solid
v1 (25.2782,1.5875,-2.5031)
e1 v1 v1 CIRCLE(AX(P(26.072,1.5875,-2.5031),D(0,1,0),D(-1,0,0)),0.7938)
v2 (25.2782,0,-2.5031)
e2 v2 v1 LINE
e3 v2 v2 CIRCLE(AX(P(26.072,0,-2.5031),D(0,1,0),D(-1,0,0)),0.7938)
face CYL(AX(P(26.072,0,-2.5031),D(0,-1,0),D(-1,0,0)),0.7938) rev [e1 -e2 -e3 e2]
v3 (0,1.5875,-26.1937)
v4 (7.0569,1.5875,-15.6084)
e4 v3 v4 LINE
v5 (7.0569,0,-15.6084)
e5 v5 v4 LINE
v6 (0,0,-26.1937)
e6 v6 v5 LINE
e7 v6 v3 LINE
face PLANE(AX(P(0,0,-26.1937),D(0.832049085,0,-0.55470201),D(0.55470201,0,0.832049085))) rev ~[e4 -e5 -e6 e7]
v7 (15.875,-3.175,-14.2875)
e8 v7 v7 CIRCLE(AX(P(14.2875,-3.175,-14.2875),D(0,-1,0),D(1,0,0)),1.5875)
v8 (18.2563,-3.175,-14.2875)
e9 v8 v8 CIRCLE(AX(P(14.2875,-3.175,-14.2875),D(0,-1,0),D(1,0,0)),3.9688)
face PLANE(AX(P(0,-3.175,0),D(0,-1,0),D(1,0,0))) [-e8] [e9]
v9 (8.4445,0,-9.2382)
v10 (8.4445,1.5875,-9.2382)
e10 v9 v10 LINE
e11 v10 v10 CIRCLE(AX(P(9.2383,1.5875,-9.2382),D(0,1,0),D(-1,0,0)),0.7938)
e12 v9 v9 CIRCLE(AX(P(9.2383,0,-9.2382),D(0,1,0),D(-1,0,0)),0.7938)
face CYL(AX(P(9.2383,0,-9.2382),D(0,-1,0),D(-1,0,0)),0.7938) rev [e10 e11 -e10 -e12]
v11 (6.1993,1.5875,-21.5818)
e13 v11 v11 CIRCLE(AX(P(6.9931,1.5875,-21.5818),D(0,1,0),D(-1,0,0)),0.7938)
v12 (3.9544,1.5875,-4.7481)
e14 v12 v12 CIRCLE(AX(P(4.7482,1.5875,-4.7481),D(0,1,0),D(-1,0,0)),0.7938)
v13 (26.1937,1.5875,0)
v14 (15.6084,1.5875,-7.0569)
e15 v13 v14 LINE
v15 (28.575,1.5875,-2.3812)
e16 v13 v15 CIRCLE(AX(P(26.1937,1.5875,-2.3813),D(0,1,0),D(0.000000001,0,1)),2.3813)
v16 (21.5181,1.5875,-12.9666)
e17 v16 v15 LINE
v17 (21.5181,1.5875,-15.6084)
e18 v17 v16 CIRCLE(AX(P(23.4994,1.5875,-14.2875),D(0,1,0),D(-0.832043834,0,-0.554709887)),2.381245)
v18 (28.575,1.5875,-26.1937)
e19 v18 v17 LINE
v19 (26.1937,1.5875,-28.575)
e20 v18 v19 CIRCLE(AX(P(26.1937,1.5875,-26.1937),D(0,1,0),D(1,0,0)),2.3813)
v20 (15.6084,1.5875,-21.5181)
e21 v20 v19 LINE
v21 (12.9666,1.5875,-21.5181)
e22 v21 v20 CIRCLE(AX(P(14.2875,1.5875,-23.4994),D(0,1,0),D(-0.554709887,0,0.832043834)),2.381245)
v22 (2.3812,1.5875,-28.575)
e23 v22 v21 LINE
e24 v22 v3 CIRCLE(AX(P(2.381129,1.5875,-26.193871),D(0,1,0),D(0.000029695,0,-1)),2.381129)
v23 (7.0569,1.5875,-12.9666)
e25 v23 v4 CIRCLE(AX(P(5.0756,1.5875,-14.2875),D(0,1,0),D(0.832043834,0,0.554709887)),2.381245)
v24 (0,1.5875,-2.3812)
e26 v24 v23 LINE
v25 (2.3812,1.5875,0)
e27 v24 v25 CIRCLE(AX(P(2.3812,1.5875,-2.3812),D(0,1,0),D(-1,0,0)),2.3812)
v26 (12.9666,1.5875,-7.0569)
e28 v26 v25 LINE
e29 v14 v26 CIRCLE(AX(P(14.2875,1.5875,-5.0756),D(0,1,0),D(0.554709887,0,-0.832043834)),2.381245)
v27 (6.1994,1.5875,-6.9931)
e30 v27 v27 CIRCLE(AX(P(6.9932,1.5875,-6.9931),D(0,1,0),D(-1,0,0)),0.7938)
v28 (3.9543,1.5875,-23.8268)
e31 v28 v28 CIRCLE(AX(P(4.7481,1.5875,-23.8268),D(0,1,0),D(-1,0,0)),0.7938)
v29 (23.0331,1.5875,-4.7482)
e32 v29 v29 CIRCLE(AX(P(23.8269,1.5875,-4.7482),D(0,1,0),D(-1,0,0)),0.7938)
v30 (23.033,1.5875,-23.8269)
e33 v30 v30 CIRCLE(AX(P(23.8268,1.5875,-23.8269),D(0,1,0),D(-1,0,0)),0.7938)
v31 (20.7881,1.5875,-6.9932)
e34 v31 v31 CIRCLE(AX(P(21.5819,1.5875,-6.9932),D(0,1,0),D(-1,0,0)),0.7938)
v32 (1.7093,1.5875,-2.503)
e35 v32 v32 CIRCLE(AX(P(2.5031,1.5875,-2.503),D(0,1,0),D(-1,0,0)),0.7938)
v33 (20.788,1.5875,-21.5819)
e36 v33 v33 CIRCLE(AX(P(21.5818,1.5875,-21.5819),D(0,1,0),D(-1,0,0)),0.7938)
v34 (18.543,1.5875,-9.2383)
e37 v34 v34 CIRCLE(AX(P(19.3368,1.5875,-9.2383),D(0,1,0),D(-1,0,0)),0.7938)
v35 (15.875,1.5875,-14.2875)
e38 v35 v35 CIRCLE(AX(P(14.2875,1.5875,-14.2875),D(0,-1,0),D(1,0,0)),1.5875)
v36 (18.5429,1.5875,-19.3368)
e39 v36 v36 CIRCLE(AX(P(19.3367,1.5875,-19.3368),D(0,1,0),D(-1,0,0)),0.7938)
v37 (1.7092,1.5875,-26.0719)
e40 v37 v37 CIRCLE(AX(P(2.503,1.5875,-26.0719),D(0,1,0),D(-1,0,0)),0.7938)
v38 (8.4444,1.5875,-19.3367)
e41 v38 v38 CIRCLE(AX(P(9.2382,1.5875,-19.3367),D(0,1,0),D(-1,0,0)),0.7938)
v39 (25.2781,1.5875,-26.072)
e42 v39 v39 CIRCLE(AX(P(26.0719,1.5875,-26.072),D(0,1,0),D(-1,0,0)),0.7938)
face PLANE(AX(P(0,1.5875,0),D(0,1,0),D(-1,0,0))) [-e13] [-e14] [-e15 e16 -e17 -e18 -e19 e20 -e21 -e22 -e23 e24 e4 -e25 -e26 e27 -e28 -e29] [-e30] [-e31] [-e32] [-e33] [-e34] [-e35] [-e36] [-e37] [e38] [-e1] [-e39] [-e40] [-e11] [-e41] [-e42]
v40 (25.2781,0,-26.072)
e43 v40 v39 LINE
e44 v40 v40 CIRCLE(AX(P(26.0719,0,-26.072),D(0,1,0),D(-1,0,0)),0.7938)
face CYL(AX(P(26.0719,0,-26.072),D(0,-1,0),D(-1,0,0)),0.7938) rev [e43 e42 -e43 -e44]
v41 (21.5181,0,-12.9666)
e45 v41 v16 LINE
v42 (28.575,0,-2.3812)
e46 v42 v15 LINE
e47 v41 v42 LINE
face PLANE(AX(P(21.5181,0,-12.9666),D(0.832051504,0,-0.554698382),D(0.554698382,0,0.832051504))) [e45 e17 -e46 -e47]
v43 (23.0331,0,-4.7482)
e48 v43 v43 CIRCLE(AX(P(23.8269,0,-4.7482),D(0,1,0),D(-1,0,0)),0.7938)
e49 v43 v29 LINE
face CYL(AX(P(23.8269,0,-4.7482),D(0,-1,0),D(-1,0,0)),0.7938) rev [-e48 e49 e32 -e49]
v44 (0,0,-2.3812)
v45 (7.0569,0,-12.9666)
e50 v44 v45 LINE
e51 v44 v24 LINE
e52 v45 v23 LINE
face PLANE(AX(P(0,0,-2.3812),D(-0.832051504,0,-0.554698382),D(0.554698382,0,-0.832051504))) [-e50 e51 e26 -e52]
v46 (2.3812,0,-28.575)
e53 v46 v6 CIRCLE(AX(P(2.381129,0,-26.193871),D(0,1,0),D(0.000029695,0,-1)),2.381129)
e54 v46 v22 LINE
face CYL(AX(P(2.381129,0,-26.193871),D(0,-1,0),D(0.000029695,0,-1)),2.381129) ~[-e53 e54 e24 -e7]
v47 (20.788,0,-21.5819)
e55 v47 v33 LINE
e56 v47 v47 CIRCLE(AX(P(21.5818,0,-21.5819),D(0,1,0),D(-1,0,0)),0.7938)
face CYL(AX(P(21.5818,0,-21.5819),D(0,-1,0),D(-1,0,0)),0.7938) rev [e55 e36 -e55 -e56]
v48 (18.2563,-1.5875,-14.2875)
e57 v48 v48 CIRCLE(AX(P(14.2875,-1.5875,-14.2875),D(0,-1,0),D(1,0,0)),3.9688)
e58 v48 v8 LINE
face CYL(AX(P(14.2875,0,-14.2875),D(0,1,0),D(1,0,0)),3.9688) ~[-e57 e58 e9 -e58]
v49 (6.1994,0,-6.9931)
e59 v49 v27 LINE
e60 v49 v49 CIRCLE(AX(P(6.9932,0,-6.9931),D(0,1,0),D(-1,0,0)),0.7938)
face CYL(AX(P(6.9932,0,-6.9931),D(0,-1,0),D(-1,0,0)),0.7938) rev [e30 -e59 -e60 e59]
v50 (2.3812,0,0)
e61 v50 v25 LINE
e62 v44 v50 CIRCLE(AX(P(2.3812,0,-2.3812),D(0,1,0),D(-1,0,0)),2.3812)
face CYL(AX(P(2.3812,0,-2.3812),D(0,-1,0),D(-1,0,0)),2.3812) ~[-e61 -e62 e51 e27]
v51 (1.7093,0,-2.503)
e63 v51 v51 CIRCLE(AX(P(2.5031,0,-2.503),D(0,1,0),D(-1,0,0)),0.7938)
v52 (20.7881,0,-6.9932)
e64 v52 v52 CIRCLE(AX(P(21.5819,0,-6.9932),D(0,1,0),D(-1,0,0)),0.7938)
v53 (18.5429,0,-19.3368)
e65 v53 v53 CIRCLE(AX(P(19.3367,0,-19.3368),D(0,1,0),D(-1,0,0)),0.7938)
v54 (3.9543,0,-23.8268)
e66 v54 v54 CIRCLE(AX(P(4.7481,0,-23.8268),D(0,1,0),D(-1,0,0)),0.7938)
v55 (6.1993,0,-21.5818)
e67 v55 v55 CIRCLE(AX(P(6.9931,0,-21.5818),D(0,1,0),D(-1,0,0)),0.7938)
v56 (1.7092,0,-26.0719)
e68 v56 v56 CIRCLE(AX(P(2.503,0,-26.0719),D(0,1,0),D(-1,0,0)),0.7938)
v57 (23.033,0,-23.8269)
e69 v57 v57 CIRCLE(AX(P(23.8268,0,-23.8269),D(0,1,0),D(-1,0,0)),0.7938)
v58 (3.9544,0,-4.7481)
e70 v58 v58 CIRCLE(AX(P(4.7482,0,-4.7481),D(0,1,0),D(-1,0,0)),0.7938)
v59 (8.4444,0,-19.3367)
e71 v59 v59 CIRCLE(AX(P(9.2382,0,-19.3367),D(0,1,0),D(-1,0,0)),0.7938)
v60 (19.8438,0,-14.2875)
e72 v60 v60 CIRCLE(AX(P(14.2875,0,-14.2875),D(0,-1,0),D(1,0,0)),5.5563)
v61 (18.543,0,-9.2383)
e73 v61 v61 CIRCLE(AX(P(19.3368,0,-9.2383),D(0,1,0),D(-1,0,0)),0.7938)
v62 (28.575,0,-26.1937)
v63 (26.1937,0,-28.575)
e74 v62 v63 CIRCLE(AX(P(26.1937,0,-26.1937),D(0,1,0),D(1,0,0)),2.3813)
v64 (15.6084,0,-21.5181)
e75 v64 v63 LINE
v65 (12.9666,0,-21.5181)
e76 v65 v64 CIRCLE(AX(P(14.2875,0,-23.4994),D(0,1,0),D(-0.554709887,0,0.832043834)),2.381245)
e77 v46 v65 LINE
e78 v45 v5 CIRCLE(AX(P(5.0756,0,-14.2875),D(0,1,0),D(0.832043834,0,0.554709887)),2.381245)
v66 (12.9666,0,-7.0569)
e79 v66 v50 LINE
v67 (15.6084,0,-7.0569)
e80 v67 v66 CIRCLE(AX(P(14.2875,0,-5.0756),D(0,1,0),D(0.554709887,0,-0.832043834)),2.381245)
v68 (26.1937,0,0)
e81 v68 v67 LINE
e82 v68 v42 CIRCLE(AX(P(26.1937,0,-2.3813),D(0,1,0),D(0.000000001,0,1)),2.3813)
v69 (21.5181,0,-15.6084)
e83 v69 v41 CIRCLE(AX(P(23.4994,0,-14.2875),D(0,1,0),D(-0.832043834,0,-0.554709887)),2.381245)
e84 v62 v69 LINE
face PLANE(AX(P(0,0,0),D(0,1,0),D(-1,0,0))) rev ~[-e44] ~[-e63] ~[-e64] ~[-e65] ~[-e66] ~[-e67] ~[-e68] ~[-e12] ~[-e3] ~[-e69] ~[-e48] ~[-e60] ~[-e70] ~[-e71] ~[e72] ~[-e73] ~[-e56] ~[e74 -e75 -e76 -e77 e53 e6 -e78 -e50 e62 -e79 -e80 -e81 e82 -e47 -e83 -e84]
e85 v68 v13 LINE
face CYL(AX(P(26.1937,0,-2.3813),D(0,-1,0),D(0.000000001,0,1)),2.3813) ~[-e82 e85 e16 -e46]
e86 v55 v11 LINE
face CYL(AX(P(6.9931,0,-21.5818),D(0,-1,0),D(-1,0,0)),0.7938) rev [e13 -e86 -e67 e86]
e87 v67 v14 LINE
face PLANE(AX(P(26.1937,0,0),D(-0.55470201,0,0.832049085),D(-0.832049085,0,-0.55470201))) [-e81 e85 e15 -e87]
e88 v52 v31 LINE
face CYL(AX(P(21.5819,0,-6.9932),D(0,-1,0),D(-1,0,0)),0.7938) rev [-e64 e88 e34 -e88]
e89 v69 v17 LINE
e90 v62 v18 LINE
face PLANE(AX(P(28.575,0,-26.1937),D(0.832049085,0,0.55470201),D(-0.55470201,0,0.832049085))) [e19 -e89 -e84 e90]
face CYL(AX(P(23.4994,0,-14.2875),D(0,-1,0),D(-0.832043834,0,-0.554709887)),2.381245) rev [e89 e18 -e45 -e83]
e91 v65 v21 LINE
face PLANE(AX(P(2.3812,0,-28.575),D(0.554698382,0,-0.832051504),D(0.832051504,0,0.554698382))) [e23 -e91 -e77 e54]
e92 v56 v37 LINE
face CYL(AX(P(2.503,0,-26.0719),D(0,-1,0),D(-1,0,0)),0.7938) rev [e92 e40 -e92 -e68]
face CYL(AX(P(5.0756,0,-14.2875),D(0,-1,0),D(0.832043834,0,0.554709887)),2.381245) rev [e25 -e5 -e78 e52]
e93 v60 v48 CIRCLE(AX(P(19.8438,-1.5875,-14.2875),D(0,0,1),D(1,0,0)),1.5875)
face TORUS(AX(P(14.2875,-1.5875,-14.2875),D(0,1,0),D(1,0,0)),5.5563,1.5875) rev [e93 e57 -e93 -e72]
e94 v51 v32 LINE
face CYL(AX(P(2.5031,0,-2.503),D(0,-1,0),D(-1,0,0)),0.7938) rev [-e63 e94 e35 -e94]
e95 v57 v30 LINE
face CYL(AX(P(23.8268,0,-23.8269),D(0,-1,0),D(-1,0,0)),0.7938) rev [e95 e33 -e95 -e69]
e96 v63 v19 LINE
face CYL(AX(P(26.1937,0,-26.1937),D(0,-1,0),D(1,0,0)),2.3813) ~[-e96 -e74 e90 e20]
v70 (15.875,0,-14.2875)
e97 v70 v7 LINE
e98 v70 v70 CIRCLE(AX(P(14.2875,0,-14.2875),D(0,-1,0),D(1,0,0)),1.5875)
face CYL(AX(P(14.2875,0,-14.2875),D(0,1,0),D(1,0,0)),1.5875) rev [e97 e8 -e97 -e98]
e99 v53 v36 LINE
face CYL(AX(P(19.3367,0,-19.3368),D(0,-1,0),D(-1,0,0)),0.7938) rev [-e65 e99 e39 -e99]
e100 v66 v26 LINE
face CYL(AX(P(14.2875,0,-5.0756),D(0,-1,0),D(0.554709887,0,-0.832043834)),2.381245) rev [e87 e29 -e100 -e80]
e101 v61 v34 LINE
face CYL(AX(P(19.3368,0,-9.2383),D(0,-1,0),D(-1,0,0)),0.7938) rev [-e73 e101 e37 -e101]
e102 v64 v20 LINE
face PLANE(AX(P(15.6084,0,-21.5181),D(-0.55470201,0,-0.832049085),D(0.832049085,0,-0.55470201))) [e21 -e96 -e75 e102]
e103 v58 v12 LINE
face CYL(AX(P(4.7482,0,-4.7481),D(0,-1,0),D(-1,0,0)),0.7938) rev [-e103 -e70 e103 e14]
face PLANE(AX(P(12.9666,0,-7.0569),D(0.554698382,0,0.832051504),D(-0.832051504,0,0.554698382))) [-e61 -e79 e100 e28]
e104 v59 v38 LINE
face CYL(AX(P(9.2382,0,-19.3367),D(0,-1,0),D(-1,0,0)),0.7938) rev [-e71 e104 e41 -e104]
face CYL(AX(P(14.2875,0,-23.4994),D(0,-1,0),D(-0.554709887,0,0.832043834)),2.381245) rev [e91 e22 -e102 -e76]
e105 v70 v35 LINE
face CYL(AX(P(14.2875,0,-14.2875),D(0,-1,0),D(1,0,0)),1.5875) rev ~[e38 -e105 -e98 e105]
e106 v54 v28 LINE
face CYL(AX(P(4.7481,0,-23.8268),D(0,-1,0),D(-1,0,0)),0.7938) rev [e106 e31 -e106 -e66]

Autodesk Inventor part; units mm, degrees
ref_plane "YZ Plane" through (0, 0, 0) normal (1, 0, 0) x (0, 1, 0)
ref_plane "XZ Plane" through (0, 0, 0) normal (0, 1, 0) x (-1, 0, 0)
ref_plane "XY Plane" through (0, 0, 0) normal (0, 0, 1) x (1, 0, 0)
sketch "Sketch2" plane through (0, 0, 0) normal (0, 1, 0) x (-1, 0, 0)
  line L0 (-2.3812, 0) -> (-26.1937, 0) construction
  line L1 (-28.575, -2.3812) -> (-28.575, -26.1937) construction
  line L2 (-26.1937, -28.575) -> (-2.3812, -28.575) construction
  line L3 (0, -26.1937) -> (0, -2.3812) construction
  line L4 (-27.8023, -27.8024) -> (0.7727, 0.7726) construction
  line L5 (0, -28.575) -> (-28.575, 0) construction
  circle A0 centre (-14.2875, -14.2875) radius 6.35 construction
  line L6 (-14.2875, -28.575) -> (-14.2875, 0) construction
  line L7 (0, -14.2875) -> (-28.575, -14.2875) construction
  arc A1 (-2.3812, -28.575) -> (0, -26.1937) centre (-2.3812, -26.1937) ccw
  line L8 (0, -26.1937) -> (-7.0569, -15.6084)
  line L9 (-2.3812, -28.575) -> (-12.9666, -21.5181)
  arc A2 (-28.575, -26.1937) -> (-26.1937, -28.575) centre (-26.1937, -26.1937) ccw
  arc A3 (-26.1937, 0) -> (-28.575, -2.3812) centre (-26.1937, -2.3813) ccw
  arc A4 (0, -2.3812) -> (-2.3812, 0) centre (-2.3812, -2.3812) ccw
  line L10 (-15.6084, -21.5181) -> (-26.1937, -28.575)
  line L11 (-28.575, -26.1937) -> (-21.5181, -15.6084)
  line L12 (-21.5181, -12.9666) -> (-28.575, -2.3812)
  line L13 (-26.1937, 0) -> (-15.6084, -7.0569)
  line L14 (-12.9666, -7.0569) -> (-2.3812, 0)
  line L15 (0, -2.3812) -> (-7.0569, -12.9666)
  arc A5 (-12.9666, -21.5181) -> (-15.6084, -21.5181) centre (-14.2875, -23.4994) ccw
  arc A6 (-7.0569, -12.9666) -> (-7.0569, -15.6084) centre (-5.0756, -14.2875) ccw
  arc A7 (-15.6084, -7.0569) -> (-12.9666, -7.0569) centre (-14.2875, -5.0756) ccw
  arc A8 (-21.5181, -15.6084) -> (-21.5181, -12.9666) centre (-23.4994, -14.2875) ccw
  circle A9 centre (-26.0719, -26.072) radius 0.7938
  circle A10 centre (-14.2875, -14.2875) radius 16.6688 construction
  circle A11 centre (-23.8268, -23.8269) radius 0.7938
  circle A12 centre (-21.5818, -21.5819) radius 0.7938
  circle A13 centre (-19.3367, -19.3368) radius 0.7938
  circle A14 centre (-2.503, -26.0719) radius 0.7938
  circle A15 centre (-4.7481, -23.8268) radius 0.7938
  circle A16 centre (-6.9931, -21.5818) radius 0.7938
  circle A17 centre (-9.2382, -19.3367) radius 0.7938
  circle A18 centre (-2.5031, -2.503) radius 0.7938
  circle A19 centre (-4.7482, -4.7481) radius 0.7938
  circle A20 centre (-6.9932, -6.9931) radius 0.7938
  circle A21 centre (-9.2383, -9.2382) radius 0.7938
  circle A22 centre (-26.072, -2.5031) radius 0.7938
  circle A23 centre (-23.8269, -4.7482) radius 0.7938
  circle A24 centre (-21.5819, -6.9932) radius 0.7938
  circle A25 centre (-19.3368, -9.2383) radius 0.7938
  point P0 (0, 0)
  point P1 (-7.9375, -14.2875)
  point P2 (-14.2875, -20.6375)
  point P3 (-20.6375, -14.2875)
  point P4 (-14.2875, -7.9375)
  dimension "d0" = 27.813
  dimension "d1" = 27.8131
  dimension "d2" = 12.7
  dimension "d3" = 2.3813
  dimension "d4" = 2.3813
  dimension "d5" = 2.3813
  dimension "d6" = 1.5875
  dimension "d7" = 33.3375
  dimension "d10" = 3.175
  dimension "d17" = 360
extrude "Extrusion1" add sketch "Sketch2" along normal blind 1.5875
sketch "Sketch3" plane through (0, 0, 0) normal (0, -1, 0) x (1, 0, 0)
  circle A0 centre (14.2875, -14.2875) radius 3.9688
  circle A1 centre (14.2875, -14.2875) radius 1.5875
  point P0 (0, 0)
  dimension "d21" = 7.9375
  dimension "d22" = 3.175
extrude "Extrusion2" add sketch "Sketch3" along normal blind 3.175
extrude "Extrusion3" cut sketch "Sketch3" against normal through all contours A1
fillet "Fillet1" radius 1.5875 1 edges at (10.3187, 0, -14.2875)
properties part number "servoHornX"
